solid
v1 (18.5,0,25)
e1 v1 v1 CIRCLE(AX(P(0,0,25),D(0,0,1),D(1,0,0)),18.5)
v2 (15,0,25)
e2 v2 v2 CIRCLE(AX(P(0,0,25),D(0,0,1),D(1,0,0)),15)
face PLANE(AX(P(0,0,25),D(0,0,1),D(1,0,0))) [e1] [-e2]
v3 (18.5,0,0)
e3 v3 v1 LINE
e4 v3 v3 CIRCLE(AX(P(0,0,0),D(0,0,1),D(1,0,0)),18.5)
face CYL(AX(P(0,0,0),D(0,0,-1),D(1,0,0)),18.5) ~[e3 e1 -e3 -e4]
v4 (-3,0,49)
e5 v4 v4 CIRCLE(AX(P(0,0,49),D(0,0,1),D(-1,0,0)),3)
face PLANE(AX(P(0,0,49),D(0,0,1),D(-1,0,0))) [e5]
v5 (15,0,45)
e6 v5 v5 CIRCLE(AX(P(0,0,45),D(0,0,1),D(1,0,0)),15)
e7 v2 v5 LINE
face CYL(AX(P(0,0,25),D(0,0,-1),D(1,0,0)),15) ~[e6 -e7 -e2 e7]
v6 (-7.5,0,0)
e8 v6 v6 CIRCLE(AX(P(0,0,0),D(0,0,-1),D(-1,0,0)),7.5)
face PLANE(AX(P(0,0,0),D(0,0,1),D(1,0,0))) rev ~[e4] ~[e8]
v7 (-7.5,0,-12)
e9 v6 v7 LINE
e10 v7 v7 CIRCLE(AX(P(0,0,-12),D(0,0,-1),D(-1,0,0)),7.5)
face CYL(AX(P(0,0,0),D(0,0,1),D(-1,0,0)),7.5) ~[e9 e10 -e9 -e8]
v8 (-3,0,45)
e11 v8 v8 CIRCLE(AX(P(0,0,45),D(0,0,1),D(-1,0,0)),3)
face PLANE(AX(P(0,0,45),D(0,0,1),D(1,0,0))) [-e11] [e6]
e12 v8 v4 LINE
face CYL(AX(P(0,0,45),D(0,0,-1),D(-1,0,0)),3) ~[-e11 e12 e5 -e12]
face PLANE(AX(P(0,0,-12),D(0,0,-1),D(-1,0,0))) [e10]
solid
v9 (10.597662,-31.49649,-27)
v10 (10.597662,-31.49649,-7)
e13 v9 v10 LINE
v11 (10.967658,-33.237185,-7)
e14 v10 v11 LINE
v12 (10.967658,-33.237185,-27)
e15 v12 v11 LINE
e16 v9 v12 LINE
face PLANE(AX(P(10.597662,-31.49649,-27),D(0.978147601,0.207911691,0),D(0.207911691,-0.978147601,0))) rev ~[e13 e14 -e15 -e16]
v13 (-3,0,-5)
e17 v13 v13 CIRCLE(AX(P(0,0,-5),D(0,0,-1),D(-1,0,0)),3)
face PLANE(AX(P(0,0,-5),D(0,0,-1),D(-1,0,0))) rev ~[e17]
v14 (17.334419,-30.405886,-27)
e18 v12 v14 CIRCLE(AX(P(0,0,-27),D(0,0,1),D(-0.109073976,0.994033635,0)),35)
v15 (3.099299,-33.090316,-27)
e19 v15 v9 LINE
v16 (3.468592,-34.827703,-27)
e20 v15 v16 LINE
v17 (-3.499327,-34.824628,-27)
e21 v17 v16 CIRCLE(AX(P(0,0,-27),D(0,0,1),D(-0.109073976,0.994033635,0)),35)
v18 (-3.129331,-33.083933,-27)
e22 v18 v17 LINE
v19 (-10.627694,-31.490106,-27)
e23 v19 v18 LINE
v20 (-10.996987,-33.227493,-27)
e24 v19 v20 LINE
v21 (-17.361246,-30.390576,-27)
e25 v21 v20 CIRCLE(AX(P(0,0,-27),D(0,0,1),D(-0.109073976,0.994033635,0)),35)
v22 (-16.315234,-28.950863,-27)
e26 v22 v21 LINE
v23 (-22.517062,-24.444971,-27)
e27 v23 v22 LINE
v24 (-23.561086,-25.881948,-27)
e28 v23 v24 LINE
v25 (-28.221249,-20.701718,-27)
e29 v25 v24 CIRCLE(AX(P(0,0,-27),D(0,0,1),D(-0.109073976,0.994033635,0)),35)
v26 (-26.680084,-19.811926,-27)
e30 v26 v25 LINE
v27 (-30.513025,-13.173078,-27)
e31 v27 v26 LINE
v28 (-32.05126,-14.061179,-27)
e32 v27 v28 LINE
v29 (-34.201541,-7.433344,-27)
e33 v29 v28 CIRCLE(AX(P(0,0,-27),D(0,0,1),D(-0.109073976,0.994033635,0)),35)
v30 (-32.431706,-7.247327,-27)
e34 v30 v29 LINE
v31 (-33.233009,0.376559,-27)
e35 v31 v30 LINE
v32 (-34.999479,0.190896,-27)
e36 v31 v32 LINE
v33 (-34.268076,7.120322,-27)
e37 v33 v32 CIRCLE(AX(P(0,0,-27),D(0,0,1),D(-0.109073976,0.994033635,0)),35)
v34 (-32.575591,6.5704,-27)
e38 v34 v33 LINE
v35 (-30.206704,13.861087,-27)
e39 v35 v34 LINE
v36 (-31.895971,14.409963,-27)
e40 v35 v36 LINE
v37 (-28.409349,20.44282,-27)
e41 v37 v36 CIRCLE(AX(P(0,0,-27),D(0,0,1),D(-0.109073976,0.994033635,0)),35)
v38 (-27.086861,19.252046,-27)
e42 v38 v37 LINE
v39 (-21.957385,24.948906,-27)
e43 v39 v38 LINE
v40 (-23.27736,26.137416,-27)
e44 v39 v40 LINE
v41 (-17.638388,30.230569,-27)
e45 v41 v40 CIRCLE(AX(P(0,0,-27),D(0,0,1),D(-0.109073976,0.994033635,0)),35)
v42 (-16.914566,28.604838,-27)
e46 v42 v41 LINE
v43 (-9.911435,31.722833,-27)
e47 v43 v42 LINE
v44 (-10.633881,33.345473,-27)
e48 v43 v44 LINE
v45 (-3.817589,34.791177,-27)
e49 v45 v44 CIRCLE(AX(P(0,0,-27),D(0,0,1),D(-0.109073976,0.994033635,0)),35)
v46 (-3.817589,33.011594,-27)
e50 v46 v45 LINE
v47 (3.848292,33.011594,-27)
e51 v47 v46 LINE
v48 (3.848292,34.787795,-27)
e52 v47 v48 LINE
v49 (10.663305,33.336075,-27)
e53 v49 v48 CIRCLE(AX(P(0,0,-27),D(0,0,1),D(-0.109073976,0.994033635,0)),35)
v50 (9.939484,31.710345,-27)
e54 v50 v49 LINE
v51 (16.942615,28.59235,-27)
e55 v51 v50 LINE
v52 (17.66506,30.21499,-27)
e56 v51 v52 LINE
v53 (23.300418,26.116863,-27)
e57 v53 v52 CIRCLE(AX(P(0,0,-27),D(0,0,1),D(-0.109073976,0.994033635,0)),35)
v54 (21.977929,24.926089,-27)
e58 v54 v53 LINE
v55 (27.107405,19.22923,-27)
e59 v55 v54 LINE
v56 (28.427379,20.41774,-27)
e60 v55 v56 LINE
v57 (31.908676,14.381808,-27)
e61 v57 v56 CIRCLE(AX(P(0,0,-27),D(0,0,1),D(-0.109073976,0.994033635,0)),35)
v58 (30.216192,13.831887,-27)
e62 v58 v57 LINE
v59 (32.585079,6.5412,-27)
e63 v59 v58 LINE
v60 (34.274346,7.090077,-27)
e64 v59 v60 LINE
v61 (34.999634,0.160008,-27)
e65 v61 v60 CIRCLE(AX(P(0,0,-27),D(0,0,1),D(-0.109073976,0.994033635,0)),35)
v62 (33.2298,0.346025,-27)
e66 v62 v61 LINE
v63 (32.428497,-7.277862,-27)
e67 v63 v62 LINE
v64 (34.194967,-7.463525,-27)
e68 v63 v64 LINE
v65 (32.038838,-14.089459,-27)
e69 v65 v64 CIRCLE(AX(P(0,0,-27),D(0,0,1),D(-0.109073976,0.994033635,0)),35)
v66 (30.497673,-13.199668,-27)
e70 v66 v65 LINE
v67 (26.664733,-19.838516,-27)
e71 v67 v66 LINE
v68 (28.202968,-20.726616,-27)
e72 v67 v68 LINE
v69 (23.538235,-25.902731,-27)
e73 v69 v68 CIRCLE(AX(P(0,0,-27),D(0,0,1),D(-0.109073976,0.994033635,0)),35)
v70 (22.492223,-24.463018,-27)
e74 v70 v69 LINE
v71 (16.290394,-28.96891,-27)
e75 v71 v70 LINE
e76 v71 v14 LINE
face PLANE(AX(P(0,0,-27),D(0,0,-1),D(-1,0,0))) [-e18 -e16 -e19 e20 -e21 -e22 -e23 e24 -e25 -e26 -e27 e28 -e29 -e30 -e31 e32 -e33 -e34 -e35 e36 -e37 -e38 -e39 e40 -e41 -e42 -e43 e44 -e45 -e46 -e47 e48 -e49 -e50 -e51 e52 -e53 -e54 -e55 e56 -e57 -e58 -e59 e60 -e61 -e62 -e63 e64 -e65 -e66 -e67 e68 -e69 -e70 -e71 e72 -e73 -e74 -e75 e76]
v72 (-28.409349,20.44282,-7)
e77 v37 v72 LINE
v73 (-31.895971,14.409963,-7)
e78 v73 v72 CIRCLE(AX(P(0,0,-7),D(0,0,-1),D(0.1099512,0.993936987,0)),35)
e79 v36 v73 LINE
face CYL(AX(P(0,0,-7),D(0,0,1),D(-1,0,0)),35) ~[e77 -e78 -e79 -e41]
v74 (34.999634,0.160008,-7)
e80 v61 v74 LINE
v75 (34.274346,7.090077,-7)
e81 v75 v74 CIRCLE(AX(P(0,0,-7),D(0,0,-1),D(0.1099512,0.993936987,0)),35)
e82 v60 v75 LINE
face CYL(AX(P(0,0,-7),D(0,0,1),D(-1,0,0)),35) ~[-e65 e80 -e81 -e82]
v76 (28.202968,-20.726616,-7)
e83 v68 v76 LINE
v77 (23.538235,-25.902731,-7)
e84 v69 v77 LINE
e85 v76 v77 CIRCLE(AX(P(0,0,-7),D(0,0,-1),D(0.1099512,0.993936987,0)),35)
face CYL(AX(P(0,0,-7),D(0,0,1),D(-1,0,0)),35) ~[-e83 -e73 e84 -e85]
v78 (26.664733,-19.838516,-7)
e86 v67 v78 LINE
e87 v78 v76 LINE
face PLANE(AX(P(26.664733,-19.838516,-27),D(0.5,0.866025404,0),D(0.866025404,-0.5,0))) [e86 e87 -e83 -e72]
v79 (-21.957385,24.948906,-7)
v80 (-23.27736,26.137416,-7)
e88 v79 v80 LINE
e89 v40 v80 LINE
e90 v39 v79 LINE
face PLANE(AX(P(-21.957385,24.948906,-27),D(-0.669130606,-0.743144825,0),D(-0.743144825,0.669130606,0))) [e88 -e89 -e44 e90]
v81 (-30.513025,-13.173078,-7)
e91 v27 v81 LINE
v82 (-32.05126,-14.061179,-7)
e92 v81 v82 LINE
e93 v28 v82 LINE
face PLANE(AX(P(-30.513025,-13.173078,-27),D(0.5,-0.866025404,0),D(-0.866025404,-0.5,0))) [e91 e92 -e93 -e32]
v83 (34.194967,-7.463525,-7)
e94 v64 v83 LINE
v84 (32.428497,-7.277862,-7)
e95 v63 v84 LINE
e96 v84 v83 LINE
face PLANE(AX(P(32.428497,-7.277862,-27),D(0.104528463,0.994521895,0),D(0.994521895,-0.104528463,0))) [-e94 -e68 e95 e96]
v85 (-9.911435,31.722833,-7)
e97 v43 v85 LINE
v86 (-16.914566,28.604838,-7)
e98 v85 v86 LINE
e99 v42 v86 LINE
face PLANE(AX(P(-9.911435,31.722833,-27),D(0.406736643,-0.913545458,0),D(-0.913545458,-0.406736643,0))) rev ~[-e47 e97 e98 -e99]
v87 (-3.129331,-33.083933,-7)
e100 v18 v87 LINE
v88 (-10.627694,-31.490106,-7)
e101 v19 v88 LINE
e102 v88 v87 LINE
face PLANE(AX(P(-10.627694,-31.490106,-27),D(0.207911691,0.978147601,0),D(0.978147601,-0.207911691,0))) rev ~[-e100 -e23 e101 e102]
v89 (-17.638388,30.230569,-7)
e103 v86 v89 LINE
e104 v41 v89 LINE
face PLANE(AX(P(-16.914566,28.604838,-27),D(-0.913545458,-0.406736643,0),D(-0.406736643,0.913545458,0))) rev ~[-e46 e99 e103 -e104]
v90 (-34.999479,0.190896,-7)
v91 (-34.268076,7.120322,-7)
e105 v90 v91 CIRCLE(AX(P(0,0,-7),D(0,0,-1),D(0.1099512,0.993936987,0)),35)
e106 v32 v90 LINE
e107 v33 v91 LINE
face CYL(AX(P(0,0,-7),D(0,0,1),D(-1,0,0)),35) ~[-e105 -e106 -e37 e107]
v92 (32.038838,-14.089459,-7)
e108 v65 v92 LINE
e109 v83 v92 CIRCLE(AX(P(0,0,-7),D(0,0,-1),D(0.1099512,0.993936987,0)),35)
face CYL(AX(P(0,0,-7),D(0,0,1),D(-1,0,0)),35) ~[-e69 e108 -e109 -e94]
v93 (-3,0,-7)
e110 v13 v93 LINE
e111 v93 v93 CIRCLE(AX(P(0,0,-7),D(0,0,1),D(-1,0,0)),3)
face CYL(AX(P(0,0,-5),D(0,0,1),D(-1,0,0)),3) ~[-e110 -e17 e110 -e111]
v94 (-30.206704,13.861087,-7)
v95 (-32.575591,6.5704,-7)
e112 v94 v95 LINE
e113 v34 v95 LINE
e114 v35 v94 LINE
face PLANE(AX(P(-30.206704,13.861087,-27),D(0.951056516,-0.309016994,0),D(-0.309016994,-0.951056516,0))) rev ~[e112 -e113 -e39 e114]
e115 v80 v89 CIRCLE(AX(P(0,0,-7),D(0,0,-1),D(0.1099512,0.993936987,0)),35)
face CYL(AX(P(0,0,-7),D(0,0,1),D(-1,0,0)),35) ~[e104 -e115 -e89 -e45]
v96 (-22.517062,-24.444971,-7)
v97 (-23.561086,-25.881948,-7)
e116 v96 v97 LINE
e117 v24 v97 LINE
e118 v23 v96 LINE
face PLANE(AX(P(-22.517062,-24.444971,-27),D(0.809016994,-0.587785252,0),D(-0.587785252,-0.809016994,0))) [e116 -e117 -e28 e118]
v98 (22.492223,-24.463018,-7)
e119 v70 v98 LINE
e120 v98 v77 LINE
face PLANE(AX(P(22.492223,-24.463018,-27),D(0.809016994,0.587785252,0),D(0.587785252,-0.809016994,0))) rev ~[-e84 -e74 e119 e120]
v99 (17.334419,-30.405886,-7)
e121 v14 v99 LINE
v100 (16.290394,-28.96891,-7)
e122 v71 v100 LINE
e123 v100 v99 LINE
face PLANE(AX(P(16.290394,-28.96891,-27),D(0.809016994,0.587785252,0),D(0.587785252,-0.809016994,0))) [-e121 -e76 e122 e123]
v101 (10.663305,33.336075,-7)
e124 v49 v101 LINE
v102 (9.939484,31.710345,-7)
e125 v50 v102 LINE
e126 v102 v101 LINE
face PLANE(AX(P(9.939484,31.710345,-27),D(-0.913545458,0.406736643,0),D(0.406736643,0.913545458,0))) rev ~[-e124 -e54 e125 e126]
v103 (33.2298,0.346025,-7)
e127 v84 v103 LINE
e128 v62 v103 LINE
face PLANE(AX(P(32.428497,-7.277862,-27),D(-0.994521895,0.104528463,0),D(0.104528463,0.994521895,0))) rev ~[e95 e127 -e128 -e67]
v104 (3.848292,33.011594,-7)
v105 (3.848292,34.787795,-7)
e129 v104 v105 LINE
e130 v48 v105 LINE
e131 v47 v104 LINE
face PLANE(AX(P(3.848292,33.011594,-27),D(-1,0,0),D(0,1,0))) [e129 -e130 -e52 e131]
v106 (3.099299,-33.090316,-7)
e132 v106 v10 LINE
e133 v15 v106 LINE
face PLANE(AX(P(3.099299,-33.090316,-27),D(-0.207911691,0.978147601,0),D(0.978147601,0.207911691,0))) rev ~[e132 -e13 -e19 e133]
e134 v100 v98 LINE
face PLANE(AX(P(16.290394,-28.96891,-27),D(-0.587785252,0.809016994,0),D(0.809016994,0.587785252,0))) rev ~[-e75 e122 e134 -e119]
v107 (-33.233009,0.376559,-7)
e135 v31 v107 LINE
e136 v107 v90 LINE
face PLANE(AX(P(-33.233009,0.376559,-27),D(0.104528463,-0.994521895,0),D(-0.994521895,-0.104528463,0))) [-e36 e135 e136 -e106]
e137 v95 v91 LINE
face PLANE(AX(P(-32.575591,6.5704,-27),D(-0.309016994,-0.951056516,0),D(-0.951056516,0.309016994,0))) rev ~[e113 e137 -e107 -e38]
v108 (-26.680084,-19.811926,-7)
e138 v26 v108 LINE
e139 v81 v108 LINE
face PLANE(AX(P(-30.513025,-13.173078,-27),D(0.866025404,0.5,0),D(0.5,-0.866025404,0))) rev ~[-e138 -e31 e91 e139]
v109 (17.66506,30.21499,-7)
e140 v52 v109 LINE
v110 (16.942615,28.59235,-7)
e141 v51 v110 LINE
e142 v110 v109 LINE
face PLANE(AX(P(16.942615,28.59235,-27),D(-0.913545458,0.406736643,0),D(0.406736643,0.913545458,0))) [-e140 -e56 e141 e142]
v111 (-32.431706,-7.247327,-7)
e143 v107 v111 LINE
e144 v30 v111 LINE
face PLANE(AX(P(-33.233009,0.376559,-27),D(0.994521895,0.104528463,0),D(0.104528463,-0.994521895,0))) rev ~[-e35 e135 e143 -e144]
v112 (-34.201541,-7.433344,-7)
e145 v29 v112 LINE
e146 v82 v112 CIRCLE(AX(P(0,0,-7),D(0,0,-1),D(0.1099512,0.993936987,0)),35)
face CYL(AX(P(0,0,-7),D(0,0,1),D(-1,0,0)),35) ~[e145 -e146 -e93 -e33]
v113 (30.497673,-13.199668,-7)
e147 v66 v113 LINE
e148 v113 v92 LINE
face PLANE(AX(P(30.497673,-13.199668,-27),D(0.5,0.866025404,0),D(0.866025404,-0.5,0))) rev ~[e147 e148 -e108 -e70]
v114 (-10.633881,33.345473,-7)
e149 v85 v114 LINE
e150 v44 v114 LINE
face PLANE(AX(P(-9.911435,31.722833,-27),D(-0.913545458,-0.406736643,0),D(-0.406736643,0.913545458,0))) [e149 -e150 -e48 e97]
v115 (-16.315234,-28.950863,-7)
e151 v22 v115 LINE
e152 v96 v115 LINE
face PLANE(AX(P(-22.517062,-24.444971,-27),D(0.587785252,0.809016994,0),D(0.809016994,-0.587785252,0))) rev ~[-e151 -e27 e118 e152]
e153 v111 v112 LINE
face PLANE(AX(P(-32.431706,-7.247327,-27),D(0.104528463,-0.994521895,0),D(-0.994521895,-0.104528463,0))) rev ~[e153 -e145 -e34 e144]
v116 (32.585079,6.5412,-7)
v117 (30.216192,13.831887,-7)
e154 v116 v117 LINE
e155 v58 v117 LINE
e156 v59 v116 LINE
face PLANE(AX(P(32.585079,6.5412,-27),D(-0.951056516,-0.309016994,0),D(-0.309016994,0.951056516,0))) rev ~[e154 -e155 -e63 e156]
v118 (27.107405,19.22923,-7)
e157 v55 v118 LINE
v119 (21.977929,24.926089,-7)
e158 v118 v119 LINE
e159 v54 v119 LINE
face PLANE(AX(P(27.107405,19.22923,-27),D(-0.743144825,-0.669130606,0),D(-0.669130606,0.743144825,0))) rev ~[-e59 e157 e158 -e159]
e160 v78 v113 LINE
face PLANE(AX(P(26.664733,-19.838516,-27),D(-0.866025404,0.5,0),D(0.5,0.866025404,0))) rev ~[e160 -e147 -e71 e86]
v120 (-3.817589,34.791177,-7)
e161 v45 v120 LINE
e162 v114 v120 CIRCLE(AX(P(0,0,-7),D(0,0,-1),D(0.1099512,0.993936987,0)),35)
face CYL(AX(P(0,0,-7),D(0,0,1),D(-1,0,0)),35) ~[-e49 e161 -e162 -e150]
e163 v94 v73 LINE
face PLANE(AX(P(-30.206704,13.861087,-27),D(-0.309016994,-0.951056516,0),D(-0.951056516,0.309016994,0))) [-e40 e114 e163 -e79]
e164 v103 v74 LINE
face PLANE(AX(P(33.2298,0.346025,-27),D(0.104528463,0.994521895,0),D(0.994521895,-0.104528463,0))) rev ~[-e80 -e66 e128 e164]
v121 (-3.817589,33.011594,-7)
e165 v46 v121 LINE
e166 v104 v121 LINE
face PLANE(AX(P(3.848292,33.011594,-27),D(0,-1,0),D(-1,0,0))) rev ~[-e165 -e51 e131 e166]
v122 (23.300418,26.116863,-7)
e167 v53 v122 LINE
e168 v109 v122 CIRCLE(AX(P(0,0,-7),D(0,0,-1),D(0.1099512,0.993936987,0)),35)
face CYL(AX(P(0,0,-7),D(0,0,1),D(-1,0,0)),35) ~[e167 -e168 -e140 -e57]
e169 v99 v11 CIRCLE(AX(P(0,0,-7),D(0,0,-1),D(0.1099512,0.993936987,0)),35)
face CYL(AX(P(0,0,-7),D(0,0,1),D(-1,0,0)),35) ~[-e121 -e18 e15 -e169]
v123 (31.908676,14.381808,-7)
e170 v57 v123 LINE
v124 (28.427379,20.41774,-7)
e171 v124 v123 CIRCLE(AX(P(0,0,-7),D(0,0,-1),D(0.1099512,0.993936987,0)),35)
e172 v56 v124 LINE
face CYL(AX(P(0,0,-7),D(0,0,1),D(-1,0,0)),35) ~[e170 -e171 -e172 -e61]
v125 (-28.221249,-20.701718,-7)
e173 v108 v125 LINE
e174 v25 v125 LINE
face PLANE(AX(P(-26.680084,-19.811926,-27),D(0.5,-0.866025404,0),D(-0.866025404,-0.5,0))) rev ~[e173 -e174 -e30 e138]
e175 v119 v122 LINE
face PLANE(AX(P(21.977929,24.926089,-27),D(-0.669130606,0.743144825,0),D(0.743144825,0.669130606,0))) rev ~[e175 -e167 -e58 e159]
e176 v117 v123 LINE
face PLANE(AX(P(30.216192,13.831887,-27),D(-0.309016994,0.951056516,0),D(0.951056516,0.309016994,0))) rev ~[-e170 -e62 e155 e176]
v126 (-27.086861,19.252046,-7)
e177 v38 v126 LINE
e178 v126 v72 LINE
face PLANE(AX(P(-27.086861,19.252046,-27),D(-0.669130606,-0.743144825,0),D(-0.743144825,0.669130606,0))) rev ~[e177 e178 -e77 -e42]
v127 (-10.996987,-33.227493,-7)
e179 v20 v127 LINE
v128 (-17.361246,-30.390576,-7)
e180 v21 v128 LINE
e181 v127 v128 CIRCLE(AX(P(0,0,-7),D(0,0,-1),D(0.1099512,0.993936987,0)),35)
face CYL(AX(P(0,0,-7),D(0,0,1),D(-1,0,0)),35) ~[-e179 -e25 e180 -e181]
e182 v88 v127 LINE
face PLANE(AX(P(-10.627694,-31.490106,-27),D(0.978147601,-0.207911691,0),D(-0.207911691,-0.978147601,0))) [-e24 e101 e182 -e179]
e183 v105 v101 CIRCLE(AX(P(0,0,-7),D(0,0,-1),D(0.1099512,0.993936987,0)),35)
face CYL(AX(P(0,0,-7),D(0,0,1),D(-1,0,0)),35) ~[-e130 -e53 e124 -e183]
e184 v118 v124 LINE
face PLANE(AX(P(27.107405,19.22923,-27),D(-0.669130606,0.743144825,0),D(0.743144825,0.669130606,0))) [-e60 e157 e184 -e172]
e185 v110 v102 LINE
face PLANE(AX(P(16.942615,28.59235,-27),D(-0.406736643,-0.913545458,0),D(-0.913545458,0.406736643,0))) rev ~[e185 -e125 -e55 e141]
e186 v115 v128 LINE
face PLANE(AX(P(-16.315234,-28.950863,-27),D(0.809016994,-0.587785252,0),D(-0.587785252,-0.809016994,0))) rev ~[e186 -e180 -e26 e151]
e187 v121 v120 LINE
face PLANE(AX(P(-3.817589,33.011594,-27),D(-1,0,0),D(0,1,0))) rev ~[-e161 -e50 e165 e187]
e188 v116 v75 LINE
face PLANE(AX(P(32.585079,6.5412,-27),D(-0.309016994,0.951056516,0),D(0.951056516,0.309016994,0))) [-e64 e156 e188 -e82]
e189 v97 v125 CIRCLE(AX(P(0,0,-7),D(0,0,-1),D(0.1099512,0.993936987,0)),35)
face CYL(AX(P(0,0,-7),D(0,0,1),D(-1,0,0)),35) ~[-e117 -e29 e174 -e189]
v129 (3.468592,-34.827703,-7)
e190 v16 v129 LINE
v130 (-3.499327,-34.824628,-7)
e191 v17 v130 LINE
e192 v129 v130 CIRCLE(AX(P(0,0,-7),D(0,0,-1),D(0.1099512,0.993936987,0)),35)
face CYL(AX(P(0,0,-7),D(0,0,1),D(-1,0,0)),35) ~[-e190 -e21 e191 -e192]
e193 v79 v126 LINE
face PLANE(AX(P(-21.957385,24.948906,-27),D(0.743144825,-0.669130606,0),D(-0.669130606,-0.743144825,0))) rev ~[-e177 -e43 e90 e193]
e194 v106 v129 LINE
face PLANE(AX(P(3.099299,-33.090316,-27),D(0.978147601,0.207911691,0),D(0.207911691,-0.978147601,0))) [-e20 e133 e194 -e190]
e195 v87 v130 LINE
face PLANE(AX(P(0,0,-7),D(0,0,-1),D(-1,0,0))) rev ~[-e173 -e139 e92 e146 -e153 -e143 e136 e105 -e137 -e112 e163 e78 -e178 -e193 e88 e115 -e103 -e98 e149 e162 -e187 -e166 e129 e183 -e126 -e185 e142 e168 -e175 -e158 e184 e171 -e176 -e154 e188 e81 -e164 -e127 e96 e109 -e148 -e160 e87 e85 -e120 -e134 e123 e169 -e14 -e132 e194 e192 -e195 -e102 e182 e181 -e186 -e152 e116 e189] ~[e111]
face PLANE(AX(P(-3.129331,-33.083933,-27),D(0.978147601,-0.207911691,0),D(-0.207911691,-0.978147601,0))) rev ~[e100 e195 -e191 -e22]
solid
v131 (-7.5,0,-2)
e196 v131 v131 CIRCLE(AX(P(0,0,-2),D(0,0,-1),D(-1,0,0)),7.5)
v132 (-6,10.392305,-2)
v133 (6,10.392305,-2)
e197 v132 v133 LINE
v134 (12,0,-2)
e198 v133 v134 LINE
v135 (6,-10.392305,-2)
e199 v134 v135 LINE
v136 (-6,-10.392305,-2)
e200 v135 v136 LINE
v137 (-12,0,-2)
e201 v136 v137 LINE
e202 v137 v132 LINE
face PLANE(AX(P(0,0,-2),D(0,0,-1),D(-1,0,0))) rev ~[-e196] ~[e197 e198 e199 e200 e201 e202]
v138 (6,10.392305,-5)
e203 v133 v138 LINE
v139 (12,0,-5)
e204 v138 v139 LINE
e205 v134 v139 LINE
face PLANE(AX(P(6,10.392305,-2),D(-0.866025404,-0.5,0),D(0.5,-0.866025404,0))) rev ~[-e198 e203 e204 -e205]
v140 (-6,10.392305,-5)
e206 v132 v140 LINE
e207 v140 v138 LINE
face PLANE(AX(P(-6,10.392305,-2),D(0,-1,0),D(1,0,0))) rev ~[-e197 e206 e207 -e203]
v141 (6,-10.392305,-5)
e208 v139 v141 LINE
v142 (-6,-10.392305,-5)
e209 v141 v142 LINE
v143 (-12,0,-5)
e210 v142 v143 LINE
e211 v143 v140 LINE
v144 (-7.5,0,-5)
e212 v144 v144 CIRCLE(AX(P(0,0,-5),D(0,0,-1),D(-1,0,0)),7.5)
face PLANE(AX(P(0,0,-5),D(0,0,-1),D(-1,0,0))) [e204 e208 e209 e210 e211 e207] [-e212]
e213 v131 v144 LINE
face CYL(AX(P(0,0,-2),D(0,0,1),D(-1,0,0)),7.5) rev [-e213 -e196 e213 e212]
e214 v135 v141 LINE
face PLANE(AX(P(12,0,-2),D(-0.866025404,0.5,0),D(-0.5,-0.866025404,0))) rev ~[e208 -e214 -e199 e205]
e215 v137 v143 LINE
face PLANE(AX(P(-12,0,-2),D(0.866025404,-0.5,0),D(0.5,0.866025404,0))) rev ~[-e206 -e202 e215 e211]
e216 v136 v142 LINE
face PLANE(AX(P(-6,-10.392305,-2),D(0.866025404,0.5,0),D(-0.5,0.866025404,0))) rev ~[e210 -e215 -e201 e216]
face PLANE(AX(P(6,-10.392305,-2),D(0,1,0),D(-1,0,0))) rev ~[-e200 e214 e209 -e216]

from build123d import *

# Parameters (mm, degrees)
SKETCH1_R           = 18.5
BOSS_EXTRUDE1_DEPTH = 25
SKETCH2_R           = 15
BOSS_EXTRUDE2_DEPTH = 20
SKETCH10_R          = 7.5
BOSS_EXTRUDE8_DEPTH = 12
SKETCH7_R           = 7.5
BOSS_EXTRUDE6_DEPTH = 3
SKETCH4_R           = 3
BOSS_EXTRUDE4_DEPTH = 22
SKETCH5_R           = 1.90826202
CUT_EXTRUDE1_DEPTH  = 22
SKETCH6_R           = 3
BOSS_EXTRUDE5_DEPTH = 4
SKETCH8_R           = 35
BOSS_EXTRUDE7_DEPTH = 20
SKETCH9_W           = 7.665881166
SKETCH9_H           = 2.190251761
CUT_EXTRUDE2_DEPTH  = 20
CIRPATTERN1_COUNT   = 15


with BuildPart() as part:
    # Sketch1 → Boss-Extrude1 (new body)
    with BuildSketch(Plane.XY):
        Circle(SKETCH1_R)
    extrude(amount=BOSS_EXTRUDE1_DEPTH)

    # Sketch2 → Boss-Extrude2 (add)
    with BuildSketch(Plane.XY.offset(25)):
        Circle(SKETCH2_R)
    extrude(amount=BOSS_EXTRUDE2_DEPTH)

    # Sketch10 → Boss-Extrude8 (add)
    with BuildSketch(Plane(origin=(0, 0, 0), x_dir=(-1, 0, 0), z_dir=(0, 0, -1))):
        Circle(SKETCH10_R)
    extrude(amount=BOSS_EXTRUDE8_DEPTH)

    # Sketch6 → Boss-Extrude5 (add)
    with BuildSketch(Plane.XY.offset(45)):
        with Locations(Location((0, 0, 0), (0, 0, 180))):
            Circle(SKETCH6_R)
    extrude(amount=BOSS_EXTRUDE5_DEPTH)


with BuildPart() as body_2:
    # Sketch7 → Boss-Extrude6 (new body)
    with BuildSketch(Plane(origin=(0, 0, -2), x_dir=(-1, 0, 0), z_dir=(0, 0, -1))):
        Polygon((12, 0), (6, 10.392304845), (-6, 10.392304845), (-12, 0), (-6, -10.392304845), (6, -10.392304845), align=None)
        Circle(SKETCH7_R, mode=Mode.SUBTRACT)
    extrude(amount=BOSS_EXTRUDE6_DEPTH)


with BuildPart() as body_3:
    # Sketch4 → Boss-Extrude4 (new body)
    with BuildSketch(Plane(origin=(0, 0, -5), x_dir=(-1, 0, 0), z_dir=(0, 0, -1))):
        Circle(SKETCH4_R)
    extrude(amount=BOSS_EXTRUDE4_DEPTH)

    # Sketch5 → Cut-Extrude1 (cut)
    with BuildSketch(Plane(origin=(-0.01048154, 7.617602547, 0), x_dir=(0.9999990533641856, 0.0013759617482230274, 0), z_dir=(-0.0013759617482230274, 0.9999990533641857, 0))):
        with Locations(Location((-0.062479022, 19, 0), (0, 0, 180))):
            Circle(SKETCH5_R)
    extrude(amount=-CUT_EXTRUDE1_DEPTH, mode=Mode.SUBTRACT)

    # Sketch8 → Boss-Extrude7 (add)
    with BuildSketch(Plane(origin=(0, 0, -7), x_dir=(-1, 0, 0), z_dir=(0, 0, -1))):
        Circle(SKETCH8_R)
    extrude(amount=BOSS_EXTRUDE7_DEPTH)

    # Sketch9 → Cut-Extrude2 (cut)
    with BuildSketch(Plane(origin=(0, 0, -27), x_dir=(-1, 0, 0), z_dir=(0, 0, -1))):
        with Locations((-0.015351428, 34.106719759)):
            Rectangle(SKETCH9_W, SKETCH9_H)
    cut_extrude2 = extrude(amount=-CUT_EXTRUDE2_DEPTH, mode=Mode.SUBTRACT)

    # CirPattern1: Cut-Extrude2 ×15 about axis
    cirpattern1_axis = Axis((0, 0, 0), (0, 0, 1))
    for i in range(1, CIRPATTERN1_COUNT):
        add(cut_extrude2.rotate(cirpattern1_axis, i * 360 / CIRPATTERN1_COUNT), mode=Mode.SUBTRACT)


solid = Compound([part.part, body_2.part, body_3.part])
